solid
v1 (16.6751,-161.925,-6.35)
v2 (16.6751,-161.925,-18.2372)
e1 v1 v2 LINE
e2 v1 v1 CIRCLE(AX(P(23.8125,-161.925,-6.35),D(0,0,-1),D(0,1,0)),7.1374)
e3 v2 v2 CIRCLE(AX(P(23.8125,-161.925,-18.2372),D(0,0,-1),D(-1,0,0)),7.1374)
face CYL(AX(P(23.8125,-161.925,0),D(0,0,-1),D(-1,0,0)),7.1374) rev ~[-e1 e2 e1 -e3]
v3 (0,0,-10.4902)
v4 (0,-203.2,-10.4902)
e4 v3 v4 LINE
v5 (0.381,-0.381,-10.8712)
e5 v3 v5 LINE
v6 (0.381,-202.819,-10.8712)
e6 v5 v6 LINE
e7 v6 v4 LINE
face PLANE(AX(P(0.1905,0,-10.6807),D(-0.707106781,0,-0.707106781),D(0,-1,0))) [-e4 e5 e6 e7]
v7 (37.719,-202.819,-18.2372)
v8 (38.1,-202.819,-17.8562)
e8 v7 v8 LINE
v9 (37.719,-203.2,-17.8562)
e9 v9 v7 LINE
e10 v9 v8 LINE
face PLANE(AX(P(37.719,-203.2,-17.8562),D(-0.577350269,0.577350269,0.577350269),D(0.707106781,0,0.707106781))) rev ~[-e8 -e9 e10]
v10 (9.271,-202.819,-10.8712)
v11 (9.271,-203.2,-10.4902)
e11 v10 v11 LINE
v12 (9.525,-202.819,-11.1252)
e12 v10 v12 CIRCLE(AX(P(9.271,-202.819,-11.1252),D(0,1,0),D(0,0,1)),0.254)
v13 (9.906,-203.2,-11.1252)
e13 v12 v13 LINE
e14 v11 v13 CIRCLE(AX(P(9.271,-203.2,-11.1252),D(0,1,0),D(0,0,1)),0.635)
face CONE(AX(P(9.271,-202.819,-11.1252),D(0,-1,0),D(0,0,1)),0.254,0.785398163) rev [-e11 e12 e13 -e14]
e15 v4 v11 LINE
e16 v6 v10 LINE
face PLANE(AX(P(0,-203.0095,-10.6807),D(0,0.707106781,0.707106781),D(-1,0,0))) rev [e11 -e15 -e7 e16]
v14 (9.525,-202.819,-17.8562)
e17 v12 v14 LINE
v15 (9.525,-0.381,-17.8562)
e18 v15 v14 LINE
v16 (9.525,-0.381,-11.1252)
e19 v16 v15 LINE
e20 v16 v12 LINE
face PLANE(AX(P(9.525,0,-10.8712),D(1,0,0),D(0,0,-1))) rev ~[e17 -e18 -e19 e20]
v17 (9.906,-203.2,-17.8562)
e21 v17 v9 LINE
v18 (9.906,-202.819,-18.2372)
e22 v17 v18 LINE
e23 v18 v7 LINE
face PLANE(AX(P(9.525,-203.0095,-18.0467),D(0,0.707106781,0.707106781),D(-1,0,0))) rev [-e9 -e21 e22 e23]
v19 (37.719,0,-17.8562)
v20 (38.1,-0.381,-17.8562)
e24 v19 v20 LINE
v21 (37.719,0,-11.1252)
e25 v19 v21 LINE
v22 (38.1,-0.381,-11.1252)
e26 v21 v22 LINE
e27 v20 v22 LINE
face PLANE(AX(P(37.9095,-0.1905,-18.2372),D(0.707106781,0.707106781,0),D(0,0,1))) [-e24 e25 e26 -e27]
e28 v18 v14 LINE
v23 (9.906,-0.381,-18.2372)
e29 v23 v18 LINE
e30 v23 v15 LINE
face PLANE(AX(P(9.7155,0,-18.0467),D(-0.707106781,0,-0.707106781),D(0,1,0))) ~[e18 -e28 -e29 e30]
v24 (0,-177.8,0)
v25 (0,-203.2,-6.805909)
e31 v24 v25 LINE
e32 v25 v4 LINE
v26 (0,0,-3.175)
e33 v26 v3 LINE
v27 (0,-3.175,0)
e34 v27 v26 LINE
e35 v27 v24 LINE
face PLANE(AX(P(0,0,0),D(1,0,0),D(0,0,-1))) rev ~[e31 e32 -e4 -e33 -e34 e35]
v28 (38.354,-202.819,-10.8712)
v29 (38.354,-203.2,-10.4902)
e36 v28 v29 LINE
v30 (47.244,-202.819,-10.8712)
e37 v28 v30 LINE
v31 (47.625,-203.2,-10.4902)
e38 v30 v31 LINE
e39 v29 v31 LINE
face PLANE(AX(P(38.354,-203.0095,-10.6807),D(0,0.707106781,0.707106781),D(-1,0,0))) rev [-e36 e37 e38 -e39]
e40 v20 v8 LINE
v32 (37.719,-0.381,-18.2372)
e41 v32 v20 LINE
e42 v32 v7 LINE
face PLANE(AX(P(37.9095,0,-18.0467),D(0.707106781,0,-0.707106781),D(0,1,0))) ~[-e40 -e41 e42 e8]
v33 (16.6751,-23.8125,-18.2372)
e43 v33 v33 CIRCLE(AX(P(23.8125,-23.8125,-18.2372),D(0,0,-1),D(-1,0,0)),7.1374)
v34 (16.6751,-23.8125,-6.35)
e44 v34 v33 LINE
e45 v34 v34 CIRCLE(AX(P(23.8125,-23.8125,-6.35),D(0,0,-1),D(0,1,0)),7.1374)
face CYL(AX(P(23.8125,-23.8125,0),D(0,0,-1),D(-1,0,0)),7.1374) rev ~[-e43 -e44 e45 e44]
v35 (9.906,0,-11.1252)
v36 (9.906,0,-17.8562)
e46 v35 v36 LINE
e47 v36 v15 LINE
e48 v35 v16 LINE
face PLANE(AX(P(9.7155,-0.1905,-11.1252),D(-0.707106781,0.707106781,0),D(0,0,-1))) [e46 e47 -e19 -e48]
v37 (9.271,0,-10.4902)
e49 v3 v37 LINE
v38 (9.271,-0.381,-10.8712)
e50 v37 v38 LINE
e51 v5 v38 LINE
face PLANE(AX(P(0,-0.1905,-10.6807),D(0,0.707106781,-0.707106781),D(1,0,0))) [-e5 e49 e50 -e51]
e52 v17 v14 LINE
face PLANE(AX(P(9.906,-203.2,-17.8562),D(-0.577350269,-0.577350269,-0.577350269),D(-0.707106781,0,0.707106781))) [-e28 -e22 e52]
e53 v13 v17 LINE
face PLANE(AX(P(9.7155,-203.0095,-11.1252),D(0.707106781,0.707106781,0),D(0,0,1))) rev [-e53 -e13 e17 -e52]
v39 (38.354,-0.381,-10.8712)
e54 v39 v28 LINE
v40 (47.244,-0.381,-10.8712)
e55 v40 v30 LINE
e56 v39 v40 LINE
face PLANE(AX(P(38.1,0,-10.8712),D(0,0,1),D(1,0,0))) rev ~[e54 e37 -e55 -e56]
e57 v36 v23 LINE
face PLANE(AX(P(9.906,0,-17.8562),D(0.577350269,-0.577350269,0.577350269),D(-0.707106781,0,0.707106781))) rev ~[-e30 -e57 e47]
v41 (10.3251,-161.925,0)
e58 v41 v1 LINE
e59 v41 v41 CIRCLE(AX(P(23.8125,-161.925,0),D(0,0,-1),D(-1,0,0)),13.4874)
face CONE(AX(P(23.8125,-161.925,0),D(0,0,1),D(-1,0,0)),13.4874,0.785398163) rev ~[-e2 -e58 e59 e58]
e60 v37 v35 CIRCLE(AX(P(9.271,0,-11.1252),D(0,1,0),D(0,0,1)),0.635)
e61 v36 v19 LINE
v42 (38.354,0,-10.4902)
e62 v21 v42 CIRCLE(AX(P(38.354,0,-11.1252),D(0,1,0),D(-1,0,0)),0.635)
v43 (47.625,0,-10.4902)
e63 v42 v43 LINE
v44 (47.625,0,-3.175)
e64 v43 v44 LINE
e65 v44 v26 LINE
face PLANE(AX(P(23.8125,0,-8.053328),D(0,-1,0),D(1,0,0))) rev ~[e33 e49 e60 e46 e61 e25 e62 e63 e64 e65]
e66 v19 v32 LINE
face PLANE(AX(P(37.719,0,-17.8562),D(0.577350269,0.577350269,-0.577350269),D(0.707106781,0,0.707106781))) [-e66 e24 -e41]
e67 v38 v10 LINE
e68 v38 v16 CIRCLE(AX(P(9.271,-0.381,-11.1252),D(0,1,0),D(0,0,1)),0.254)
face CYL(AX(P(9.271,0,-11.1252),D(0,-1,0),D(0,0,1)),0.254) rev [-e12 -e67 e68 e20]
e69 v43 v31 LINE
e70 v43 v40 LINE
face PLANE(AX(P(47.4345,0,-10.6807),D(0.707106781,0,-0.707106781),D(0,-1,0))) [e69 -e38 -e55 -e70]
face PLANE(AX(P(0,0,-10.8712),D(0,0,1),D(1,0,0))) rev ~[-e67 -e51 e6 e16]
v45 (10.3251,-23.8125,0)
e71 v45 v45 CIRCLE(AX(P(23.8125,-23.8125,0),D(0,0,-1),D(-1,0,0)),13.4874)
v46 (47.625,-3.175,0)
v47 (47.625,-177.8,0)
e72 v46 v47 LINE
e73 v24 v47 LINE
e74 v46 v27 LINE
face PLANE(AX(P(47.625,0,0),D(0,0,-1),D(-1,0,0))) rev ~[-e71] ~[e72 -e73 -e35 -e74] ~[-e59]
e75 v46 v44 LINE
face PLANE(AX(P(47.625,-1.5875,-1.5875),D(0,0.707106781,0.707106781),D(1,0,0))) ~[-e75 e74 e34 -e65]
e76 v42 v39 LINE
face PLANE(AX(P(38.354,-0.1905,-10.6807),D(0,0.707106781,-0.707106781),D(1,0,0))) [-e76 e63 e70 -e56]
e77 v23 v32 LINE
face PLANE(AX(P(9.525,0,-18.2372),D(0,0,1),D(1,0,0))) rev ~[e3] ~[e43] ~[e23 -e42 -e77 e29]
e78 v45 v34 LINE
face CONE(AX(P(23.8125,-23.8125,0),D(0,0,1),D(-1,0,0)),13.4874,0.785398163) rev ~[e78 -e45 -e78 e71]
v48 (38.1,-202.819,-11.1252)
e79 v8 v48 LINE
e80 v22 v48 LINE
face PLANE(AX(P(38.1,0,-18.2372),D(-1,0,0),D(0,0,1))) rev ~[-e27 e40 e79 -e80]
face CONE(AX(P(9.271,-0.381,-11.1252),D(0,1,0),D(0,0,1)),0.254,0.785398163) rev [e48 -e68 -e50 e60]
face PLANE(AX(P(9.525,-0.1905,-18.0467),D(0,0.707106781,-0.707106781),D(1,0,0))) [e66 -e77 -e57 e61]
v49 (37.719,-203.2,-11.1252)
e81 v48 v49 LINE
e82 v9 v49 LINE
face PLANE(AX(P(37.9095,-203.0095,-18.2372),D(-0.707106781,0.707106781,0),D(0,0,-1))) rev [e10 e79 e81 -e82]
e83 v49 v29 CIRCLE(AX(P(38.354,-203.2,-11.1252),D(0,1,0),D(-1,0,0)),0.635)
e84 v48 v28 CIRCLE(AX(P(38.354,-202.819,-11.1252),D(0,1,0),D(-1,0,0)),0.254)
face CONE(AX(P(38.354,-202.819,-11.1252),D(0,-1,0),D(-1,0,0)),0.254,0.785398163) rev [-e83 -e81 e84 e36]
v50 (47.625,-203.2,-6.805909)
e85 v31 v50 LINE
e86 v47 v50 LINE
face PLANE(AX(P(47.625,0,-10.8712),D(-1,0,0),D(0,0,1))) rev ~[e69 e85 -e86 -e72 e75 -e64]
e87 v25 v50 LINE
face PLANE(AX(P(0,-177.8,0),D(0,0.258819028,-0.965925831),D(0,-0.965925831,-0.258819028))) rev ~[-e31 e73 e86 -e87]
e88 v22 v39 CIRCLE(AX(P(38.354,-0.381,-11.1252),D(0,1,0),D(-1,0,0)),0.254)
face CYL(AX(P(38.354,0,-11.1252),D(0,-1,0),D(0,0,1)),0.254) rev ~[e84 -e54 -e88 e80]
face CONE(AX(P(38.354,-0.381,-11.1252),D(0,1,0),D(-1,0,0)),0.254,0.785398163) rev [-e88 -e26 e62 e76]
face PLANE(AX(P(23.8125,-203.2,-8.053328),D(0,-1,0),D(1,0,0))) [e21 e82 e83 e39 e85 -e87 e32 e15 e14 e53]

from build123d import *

# Parameters (mm, degrees)
F1_DEPTH       = 203.2
F3_DEPTH       = 47.626
F5_D           = 14.2748
F5_CSINK_D     = 26.9748
F5_CSINK_ANGLE = 90
F6_SIZE        = 3.175
F7_R           = 0.254
F8_SIZE        = 0.381


with BuildPart() as f1:
    # F0 (on Front) → F1 (new body)
    with BuildSketch(Plane.XZ):
        Polygon((47.625, 0), (0, 0), (0, -10.8712), (9.525, -10.8712), (9.525, -18.2372), (38.1, -18.2372), (38.1, -10.8712), (47.625, -10.8712), align=None)
    extrude(amount=F1_DEPTH)

    # F2 (on face) → F3 (cut, through all)
    with BuildSketch(Plane(origin=(0, 0, 0), x_dir=(0, -1, 0), z_dir=(-1, 0, 0))):
        Polygon((203.2, -6.805909), (203.2, 0), (177.8, 0), align=None)
    extrude(amount=-F3_DEPTH, mode=Mode.SUBTRACT)

    # F5 (through all)
    with Locations(Plane.XY):
        with Locations((23.8125, -23.8125), (23.8125, -161.925)):
            CounterSinkHole(F5_D / 2, F5_CSINK_D / 2, counter_sink_angle=F5_CSINK_ANGLE)

    # F6
    f6_edges = [f1.edges().sort_by_distance(p)[0] for p in [
        (23.8125, 0, 0),
    ]]
    chamfer(f6_edges, length=F6_SIZE)

    # F7
    f7_edges = [f1.edges().sort_by_distance(p)[0] for p in [
        (9.525, -101.6, -10.8712),
        (38.1, -101.6, -10.8712),
    ]]
    fillet(f7_edges, radius=F7_R)

    # F8
    f8_edges = [f1.edges().sort_by_distance(p)[0] for p in [
        (38.1, -101.6, -18.2372),
        (9.525, -101.6, -18.2372),
        (23.8125, -203.2, -18.2372),
        (23.8125, 0, -18.2372),
        (38.1, 0, -14.6812),
        (9.525, 0, -14.6812),
        (9.525, -203.2, -14.6812),
        (38.1, -203.2, -14.6812),
        (47.625, -101.6, -10.8712),
        (0, -101.6, -10.8712),
    ]]
    chamfer(f8_edges, length=F8_SIZE)


solid = f1.part
